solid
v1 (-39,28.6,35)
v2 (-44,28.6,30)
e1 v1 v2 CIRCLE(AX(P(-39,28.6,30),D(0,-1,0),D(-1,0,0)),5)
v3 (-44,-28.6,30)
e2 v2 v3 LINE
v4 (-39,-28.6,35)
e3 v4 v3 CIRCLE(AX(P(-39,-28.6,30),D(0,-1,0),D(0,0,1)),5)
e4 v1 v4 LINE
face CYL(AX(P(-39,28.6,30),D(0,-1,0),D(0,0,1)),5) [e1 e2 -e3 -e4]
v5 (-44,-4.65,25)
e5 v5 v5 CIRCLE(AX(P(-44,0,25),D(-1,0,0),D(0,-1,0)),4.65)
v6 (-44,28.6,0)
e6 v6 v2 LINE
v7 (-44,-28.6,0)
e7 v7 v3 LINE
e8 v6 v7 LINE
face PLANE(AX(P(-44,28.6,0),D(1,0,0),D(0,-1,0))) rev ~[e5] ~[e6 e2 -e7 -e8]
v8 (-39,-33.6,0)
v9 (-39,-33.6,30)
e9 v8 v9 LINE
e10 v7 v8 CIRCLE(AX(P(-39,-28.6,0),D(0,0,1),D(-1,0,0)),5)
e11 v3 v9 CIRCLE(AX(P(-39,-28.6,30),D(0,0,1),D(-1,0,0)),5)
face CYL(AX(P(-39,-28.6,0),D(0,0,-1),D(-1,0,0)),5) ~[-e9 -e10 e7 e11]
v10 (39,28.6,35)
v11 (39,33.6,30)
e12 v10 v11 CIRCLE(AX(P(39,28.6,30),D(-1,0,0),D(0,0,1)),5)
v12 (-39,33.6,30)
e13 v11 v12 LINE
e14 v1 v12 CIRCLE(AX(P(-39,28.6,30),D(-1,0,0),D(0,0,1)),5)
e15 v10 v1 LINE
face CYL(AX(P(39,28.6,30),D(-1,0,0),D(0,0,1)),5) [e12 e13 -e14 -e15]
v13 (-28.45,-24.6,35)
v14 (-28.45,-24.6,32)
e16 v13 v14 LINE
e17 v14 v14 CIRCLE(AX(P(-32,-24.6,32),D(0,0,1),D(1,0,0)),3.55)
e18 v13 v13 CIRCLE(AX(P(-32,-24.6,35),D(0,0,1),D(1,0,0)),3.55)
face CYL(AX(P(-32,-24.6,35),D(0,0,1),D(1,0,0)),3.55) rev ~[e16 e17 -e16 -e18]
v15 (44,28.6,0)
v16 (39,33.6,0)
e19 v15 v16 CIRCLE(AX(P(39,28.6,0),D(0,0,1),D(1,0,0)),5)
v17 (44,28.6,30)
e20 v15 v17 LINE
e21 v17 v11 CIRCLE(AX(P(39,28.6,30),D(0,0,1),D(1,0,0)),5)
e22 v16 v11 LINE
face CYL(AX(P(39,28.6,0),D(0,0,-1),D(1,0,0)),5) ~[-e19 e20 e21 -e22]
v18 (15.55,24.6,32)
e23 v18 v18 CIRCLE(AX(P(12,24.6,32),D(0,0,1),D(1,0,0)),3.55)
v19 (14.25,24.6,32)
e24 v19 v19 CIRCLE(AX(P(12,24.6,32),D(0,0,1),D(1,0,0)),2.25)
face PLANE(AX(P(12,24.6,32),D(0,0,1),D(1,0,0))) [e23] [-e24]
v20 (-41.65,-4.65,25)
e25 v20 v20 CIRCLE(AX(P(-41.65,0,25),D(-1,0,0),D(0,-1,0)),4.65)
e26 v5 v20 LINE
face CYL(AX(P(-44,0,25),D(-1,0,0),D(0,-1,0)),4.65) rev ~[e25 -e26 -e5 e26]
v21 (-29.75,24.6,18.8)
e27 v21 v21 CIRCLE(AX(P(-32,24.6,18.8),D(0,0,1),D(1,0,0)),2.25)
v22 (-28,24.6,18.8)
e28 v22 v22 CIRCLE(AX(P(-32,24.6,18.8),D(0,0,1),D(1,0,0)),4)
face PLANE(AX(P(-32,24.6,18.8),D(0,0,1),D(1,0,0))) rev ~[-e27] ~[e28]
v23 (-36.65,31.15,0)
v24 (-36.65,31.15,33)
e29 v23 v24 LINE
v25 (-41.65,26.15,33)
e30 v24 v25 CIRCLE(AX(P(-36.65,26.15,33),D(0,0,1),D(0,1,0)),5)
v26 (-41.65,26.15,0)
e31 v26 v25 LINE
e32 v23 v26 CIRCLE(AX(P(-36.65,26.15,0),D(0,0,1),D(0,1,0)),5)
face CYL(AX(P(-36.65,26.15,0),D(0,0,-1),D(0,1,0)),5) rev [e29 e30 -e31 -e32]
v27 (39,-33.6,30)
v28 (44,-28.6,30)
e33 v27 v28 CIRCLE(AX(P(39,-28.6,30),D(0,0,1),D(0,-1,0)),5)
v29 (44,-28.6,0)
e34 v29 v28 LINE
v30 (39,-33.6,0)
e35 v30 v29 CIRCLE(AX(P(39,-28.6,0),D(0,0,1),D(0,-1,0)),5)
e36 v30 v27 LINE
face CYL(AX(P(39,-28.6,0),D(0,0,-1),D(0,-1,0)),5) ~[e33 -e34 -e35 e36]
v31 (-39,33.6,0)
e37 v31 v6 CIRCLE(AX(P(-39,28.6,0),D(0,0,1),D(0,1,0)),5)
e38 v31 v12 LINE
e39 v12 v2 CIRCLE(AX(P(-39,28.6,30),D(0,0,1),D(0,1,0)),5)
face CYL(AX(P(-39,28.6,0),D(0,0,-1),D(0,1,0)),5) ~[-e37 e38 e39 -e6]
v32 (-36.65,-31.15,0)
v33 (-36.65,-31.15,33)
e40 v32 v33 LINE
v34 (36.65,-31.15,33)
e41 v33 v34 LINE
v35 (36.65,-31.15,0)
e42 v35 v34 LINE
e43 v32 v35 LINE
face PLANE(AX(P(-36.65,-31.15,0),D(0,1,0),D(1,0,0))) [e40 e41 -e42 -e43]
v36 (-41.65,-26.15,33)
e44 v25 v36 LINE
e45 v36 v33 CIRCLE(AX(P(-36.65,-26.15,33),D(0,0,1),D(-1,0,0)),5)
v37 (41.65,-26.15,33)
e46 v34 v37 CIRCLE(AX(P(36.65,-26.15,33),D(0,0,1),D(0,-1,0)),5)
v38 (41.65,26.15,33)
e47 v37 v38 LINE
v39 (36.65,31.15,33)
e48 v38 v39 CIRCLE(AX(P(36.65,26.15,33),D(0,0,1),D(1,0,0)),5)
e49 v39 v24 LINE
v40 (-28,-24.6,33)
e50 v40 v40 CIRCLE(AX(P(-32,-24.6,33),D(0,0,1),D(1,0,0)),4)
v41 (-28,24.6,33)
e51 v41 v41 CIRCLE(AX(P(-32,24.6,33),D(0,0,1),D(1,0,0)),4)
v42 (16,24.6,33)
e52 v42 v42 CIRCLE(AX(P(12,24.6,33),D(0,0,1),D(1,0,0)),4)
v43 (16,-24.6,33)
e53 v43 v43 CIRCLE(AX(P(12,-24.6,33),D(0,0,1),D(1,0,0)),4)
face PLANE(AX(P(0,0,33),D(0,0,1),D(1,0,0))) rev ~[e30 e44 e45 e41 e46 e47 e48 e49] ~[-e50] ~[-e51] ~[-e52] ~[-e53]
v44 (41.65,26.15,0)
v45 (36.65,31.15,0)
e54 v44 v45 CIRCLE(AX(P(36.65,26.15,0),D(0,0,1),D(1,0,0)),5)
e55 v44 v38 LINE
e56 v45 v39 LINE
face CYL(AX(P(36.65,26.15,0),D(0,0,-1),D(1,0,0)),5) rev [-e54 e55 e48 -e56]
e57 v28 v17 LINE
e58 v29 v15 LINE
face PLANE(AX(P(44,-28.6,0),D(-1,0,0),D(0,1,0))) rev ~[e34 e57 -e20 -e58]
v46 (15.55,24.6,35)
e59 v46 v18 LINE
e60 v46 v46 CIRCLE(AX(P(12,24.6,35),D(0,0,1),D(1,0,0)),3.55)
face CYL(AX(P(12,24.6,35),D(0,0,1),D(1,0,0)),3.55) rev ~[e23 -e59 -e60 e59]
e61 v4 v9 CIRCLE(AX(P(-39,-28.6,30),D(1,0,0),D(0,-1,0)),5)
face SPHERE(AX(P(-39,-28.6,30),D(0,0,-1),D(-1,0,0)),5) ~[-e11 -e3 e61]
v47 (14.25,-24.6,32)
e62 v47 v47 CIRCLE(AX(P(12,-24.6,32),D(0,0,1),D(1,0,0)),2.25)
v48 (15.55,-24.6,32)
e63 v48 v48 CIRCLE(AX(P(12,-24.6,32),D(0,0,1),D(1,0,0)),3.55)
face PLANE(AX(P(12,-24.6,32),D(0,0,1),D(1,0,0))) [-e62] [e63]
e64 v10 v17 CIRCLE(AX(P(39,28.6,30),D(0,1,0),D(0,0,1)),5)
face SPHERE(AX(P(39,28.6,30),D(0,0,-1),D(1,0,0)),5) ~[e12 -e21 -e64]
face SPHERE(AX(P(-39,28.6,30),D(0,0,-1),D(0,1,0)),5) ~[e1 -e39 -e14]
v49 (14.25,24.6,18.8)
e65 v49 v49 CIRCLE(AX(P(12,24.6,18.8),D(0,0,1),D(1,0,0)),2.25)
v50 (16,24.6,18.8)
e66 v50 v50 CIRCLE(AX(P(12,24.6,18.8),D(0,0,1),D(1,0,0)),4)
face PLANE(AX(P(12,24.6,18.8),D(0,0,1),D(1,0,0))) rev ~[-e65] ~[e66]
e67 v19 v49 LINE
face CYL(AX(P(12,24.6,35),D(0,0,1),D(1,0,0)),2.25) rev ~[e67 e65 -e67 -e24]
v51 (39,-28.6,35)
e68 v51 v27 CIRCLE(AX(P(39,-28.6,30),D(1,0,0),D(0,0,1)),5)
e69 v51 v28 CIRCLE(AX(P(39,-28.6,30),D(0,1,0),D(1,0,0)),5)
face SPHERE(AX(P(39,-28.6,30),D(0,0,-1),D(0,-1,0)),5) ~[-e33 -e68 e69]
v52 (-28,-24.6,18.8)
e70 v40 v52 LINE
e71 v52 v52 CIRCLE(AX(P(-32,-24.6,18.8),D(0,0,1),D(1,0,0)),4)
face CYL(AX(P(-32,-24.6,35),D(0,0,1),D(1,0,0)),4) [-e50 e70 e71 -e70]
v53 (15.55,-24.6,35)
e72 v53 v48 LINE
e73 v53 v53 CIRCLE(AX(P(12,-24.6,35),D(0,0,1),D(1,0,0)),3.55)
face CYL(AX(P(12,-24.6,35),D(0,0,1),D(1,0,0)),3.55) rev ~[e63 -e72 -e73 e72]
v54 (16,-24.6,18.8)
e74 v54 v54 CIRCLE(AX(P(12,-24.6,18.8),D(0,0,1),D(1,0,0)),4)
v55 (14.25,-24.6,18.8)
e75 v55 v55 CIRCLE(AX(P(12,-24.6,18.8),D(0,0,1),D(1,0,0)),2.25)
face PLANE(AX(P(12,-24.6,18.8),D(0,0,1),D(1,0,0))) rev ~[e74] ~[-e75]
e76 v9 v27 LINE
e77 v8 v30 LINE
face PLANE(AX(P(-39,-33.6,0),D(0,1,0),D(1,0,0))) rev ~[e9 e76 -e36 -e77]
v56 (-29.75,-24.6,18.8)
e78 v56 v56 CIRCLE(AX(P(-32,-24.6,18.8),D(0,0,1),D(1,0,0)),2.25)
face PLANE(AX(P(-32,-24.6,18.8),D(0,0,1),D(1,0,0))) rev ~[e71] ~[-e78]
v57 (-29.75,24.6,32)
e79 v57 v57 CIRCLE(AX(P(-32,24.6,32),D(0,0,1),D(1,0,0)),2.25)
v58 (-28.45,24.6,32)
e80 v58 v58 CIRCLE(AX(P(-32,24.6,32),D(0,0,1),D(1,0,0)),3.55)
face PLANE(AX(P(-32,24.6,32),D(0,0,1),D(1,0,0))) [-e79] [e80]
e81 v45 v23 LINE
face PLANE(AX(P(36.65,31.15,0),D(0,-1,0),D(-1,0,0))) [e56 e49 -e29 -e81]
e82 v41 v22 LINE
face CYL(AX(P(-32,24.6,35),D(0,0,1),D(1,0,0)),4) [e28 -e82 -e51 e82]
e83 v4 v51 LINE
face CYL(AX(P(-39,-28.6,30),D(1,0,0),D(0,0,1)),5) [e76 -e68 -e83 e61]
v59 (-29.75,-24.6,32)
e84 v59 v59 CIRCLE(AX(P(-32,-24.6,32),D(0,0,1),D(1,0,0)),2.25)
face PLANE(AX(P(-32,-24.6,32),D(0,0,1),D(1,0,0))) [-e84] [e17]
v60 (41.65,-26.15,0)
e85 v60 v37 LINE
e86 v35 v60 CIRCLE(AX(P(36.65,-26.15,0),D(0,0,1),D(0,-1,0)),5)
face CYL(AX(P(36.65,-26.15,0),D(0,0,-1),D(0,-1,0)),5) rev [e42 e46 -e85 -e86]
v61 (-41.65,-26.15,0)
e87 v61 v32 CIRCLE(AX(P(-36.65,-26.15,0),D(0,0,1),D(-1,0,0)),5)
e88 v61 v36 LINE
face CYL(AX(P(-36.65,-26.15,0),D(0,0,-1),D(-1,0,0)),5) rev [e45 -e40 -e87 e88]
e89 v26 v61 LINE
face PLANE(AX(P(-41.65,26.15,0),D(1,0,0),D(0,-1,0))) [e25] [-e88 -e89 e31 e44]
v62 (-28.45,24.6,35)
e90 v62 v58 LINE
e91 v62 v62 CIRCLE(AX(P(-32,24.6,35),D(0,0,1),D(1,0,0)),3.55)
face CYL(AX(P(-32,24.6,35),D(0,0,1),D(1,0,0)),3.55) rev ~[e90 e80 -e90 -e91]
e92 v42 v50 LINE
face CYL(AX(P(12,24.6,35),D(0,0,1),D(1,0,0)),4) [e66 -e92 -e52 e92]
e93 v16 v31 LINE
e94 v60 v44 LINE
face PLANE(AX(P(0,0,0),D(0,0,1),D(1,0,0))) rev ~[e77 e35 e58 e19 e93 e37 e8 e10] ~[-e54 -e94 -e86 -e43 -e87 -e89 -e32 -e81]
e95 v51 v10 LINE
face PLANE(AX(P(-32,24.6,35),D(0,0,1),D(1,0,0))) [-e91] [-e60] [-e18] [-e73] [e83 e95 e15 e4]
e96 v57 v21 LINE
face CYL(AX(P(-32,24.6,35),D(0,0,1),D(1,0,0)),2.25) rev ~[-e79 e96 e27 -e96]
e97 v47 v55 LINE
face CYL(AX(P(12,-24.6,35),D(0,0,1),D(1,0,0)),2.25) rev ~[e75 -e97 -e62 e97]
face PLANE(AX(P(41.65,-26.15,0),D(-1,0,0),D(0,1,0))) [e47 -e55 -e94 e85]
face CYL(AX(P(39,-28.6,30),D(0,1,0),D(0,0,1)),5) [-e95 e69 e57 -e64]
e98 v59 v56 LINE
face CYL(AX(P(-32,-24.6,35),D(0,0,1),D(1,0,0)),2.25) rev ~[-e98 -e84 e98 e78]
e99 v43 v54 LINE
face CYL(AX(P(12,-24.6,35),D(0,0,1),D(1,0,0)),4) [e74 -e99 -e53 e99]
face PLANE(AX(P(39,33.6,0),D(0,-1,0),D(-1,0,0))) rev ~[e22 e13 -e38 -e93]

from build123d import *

# Parameters (mm, degrees)
F1_DEPTH  = 35
F3_DEPTH  = 33
F5_R      = 4
F6_DEPTH  = 16.2
F4_R      = 2.25
F7_DEPTH  = 25
F8_R      = 3.55
F9_DEPTH  = 3
F10_R     = 4.65
F11_DEPTH = 5
F12_R     = 5


with BuildPart() as f1:
    # F0 (on Top) → F1 (new body)
    with BuildSketch(Plane.XY):
        with BuildLine():
            Line((39, 33.6), (-39, 33.6))
            ThreePointArc((-39, 33.6), (-42.5355339059, 32.1355339059), (-44, 28.6))
            Line((-44, 28.6), (-44, -28.6))
            ThreePointArc((-44, -28.6), (-42.5355339059, -32.1355339059), (-39, -33.6))
            Line((-39, -33.6), (39, -33.6))
            ThreePointArc((39, -33.6), (42.5355339059, -32.1355339059), (44, -28.6))
            Line((44, -28.6), (44, 28.6))
            ThreePointArc((44, 28.6), (42.5355339059, 32.1355339059), (39, 33.6))
        make_face()
        with BuildLine():
            ThreePointArc((-41.65, 26.15), (-40.1855339059, 29.6855339059), (-36.65, 31.15))
            Line((-36.65, 31.15), (36.65, 31.15))
            ThreePointArc((36.65, 31.15), (40.1855339059, 29.6855339059), (41.65, 26.15))
            Line((41.65, 26.15), (41.65, -26.15))
            ThreePointArc((41.65, -26.15), (40.1855339059, -29.6855339059), (36.65, -31.15))
            Line((36.65, -31.15), (-36.65, -31.15))
            ThreePointArc((-36.65, -31.15), (-40.1855339059, -29.6855339059), (-41.65, -26.15))
            Line((-41.65, -26.15), (-41.65, 26.15))
        make_face(mode=Mode.SUBTRACT)
        with BuildLine():
            Line((36.65, 31.15), (-36.65, 31.15))
            ThreePointArc((-36.65, 31.15), (-40.1855339059, 29.6855339059), (-41.65, 26.15))
            Line((-41.65, 26.15), (-41.65, -26.15))
            ThreePointArc((-41.65, -26.15), (-40.1855339059, -29.6855339059), (-36.65, -31.15))
            Line((-36.65, -31.15), (36.65, -31.15))
            ThreePointArc((36.65, -31.15), (40.1855339059, -29.6855339059), (41.65, -26.15))
            Line((41.65, -26.15), (41.65, 26.15))
            ThreePointArc((41.65, 26.15), (40.1855339059, 29.6855339059), (36.65, 31.15))
        make_face()
    extrude(amount=F1_DEPTH)

    # F2 (on Top) → F3 (cut)
    with BuildSketch(Plane.XY):
        with BuildLine():
            ThreePointArc((41.65, 26.15), (40.1855339059, 29.6855339059), (36.65, 31.15))
            Line((36.65, 31.15), (-36.65, 31.15))
            ThreePointArc((-36.65, 31.15), (-40.1855339059, 29.6855339059), (-41.65, 26.15))
            Line((-41.65, 26.15), (-41.65, -26.15))
            ThreePointArc((-41.65, -26.15), (-40.1855339059, -29.6855339059), (-36.65, -31.15))
            Line((-36.65, -31.15), (36.65, -31.15))
            ThreePointArc((36.65, -31.15), (40.1855339059, -29.6855339059), (41.65, -26.15))
            Line((41.65, -26.15), (41.65, 26.15))
        make_face()
    extrude(amount=F3_DEPTH, mode=Mode.SUBTRACT)

    # F5 (on face) → F6 (join)
    with BuildSketch(Plane.XY.offset(35)):
        with Locations((-32, 24.6)):
            Circle(F5_R)
        with Locations((12, 24.6)):
            Circle(F5_R)
        with Locations((-32, -24.6)):
            Circle(F5_R)
        with Locations((12, -24.6)):
            Circle(F5_R)
    extrude(amount=-F6_DEPTH)

    # F4 (on face) → F7 (cut)
    with BuildSketch(Plane.XY.offset(35)):
        with Locations((-32, 24.6)):
            Circle(F4_R)
        with Locations((-32, -24.6)):
            Circle(F4_R)
        with Locations((12, 24.6)):
            Circle(F4_R)
        with Locations((12, -24.6)):
            Circle(F4_R)
    extrude(amount=-F7_DEPTH, mode=Mode.SUBTRACT)

    # F8 (on face) → F9 (cut)
    with BuildSketch(Plane.XY.offset(35)):
        with Locations((-32, 24.6)):
            Circle(F8_R)
        with Locations((12, 24.6)):
            Circle(F8_R)
        with Locations((12, -24.6)):
            Circle(F8_R)
        with Locations((-32, -24.6)):
            Circle(F8_R)
    extrude(amount=-F9_DEPTH, mode=Mode.SUBTRACT)

    # F10 (on face) → F11 (cut)
    with BuildSketch(Plane(origin=(-44, 0, 0), x_dir=(0, -1, 0), z_dir=(-1, 0, 0))):
        with Locations((0, 25)):
            Circle(F10_R)
    extrude(amount=-F11_DEPTH, mode=Mode.SUBTRACT)

    # F12
    f12_edges = [f1.edges().sort_by_distance(p)[0] for p in [
        (0, 33.6, 35),
    ]]
    fillet(f12_edges, radius=F12_R)


solid = f1.part
